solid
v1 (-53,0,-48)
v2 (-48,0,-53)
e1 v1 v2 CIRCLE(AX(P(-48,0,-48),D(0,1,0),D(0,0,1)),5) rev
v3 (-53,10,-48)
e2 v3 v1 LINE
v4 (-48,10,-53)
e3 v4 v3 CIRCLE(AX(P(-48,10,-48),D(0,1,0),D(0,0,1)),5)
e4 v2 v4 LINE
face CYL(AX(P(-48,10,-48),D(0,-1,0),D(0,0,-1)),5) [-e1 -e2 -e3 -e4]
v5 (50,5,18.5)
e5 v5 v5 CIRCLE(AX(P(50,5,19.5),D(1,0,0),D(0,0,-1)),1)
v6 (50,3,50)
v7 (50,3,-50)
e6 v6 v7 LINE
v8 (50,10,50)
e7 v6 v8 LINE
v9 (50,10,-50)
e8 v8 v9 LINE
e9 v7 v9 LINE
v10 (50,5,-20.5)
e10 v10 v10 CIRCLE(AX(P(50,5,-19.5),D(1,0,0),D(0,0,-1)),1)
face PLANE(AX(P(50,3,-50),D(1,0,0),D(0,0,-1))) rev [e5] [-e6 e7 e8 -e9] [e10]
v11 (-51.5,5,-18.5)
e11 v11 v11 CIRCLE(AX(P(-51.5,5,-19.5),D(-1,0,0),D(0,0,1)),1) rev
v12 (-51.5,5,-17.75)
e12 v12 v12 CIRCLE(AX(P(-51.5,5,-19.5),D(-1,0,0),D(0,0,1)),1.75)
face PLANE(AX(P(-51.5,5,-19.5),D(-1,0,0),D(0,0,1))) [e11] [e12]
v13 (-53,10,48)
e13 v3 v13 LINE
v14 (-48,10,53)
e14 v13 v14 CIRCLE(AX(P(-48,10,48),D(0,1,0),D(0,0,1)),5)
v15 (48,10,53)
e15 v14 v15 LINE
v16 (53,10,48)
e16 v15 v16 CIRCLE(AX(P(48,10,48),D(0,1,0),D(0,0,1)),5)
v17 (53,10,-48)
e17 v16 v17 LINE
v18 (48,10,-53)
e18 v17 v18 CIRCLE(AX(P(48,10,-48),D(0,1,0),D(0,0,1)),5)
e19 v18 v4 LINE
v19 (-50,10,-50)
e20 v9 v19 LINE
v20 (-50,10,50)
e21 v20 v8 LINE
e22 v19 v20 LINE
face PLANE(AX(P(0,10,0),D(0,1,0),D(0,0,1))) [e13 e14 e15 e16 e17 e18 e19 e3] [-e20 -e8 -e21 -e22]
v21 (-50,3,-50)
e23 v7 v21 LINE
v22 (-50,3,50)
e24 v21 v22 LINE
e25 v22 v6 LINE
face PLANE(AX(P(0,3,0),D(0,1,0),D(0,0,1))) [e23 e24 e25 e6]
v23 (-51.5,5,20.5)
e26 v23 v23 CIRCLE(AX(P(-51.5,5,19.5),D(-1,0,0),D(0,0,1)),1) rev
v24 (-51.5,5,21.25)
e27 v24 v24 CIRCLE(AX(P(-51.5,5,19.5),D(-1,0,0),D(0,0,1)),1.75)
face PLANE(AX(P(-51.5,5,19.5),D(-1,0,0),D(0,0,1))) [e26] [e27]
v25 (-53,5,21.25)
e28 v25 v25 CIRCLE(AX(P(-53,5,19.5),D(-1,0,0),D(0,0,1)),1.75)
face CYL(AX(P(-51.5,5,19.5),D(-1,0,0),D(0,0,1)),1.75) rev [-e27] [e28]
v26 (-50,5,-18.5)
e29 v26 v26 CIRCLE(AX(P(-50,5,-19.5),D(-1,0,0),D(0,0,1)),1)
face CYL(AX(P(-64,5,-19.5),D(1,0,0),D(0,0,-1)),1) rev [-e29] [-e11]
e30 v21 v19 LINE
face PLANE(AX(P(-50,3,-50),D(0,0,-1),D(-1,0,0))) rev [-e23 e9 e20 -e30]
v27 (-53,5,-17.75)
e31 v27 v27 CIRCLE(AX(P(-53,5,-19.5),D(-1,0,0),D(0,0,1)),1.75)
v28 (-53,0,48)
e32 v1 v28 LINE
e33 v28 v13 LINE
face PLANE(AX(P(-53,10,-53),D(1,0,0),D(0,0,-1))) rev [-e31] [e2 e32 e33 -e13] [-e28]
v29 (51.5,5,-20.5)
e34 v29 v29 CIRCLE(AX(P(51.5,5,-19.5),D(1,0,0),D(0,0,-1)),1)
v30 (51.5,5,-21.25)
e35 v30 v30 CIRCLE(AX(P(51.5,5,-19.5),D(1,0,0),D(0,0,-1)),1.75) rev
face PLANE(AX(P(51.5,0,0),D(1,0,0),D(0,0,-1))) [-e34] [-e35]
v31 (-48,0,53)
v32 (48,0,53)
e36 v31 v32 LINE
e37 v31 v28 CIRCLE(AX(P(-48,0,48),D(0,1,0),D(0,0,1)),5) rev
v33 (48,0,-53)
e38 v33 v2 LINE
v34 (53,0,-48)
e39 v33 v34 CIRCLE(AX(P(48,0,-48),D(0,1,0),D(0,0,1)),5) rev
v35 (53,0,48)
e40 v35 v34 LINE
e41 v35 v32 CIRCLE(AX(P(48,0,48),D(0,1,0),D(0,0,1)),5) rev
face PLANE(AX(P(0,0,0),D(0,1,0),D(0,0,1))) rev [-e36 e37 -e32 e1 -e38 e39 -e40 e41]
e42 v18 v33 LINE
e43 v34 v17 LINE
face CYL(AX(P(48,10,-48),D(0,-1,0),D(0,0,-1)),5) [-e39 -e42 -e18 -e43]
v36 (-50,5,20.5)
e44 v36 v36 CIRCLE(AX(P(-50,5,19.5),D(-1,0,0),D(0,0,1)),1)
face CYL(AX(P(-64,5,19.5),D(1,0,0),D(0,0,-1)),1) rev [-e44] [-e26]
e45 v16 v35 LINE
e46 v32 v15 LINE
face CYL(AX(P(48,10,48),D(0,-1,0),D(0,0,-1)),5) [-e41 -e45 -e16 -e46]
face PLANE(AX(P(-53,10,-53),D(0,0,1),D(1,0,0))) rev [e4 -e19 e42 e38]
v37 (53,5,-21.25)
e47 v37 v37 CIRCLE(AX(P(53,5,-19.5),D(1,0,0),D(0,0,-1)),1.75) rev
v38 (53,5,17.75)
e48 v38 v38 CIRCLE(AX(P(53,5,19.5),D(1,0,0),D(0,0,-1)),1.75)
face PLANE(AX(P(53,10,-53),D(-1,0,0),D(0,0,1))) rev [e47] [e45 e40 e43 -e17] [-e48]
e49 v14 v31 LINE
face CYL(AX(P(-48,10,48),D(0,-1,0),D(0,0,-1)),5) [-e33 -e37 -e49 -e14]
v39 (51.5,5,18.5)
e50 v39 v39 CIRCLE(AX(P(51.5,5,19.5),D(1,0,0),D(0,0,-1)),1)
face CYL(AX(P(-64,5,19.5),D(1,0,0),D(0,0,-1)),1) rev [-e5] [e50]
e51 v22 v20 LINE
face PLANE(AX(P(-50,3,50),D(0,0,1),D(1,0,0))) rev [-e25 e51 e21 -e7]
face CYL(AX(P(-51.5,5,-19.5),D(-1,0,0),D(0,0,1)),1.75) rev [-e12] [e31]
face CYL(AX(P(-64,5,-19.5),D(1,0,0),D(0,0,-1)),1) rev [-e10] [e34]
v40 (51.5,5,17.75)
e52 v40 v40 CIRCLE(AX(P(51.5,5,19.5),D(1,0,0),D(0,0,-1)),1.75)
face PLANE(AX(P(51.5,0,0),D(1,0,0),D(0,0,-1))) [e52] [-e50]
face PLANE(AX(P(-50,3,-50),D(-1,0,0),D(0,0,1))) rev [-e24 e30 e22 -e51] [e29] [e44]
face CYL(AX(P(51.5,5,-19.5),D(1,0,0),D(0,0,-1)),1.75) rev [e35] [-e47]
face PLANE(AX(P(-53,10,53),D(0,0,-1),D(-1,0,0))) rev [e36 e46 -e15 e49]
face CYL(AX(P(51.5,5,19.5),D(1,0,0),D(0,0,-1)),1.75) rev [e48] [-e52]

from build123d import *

# Parameters (mm, degrees)
SKETCH1_W           = 106
SKETCH1_H           = 106
BOSS_EXTRUDE1_DEPTH = 10
SKETCH3_W           = 100
SKETCH3_H           = 100
CUT_EXTRUDE5_DEPTH  = 7
CUT_EXTRUDE9_DEPTH  = 1.5
SKETCH14_R          = 1
CUT_EXTRUDE10_DEPTH = 115.5
CUT_EXTRUDE11_START = -1.5
SKETCH15_R          = 1.75
CUT_EXTRUDE11_DEPTH = 1.5
FILLET1_R           = 5


with BuildPart() as part:
    # Sketch1 → Boss-Extrude1 (new body)
    with BuildSketch(Plane(origin=(0, 0, 0), x_dir=(1, 0, 0), z_dir=(0, 1, 0))):
        Rectangle(SKETCH1_W, SKETCH1_H)
    extrude(amount=BOSS_EXTRUDE1_DEPTH)

    # Sketch3 → Cut-Extrude5 (cut)
    with BuildSketch(Plane(origin=(0, 10, 0), x_dir=(1, 0, 0), z_dir=(0, 1, 0))):
        Rectangle(SKETCH3_W, SKETCH3_H)
    extrude(amount=-CUT_EXTRUDE5_DEPTH, mode=Mode.SUBTRACT)

    # Sketch12 → Cut-Extrude9 (cut)
    with BuildSketch(Plane(origin=(53, 0, 0), x_dir=(0, 0, -1), z_dir=(1, 0, 0))):
        with BuildLine():
            ThreePointArc((-17.75, 5), (-18.262563133, 6.237436867), (-19.5, 6.75))
            Line((-19.5, 6.75), (-19.5, 3.25))
            ThreePointArc((-19.5, 3.25), (-18.262563133, 3.762563133), (-17.75, 5))
        make_face()
        with BuildLine():
            Line((-19.5, 3.25), (-19.5, 6.75))
            ThreePointArc((-19.5, 6.75), (-21.25, 5), (-19.5, 3.25))
        make_face()
        with BuildLine():
            ThreePointArc((21.25, 5), (20.737436867, 6.237436867), (19.5, 6.75))
            Line((19.5, 6.75), (19.5, 3.25))
            ThreePointArc((19.5, 3.25), (20.737436867, 3.762563133), (21.25, 5))
        make_face()
        with BuildLine():
            Line((19.5, 3.25), (19.5, 6.75))
            ThreePointArc((19.5, 6.75), (17.75, 5), (19.5, 3.25))
        make_face()
    extrude(amount=-CUT_EXTRUDE9_DEPTH, mode=Mode.SUBTRACT)

    # Sketch14 → Cut-Extrude10 (cut)
    with BuildSketch(Plane(origin=(51.5, 0, 0), x_dir=(0, 0, -1), z_dir=(1, 0, 0))):
        with Locations((-19.5, 5)):
            Circle(SKETCH14_R)
        with Locations((19.5, 5)):
            Circle(SKETCH14_R)
    extrude(amount=-CUT_EXTRUDE10_DEPTH, mode=Mode.SUBTRACT)

    # Sketch15 → Cut-Extrude11 (cut)
    with BuildSketch(Plane.ZY.offset(53).offset(CUT_EXTRUDE11_START)):
        with Locations(Location((-19.5, 5, 0), (0, 0, 180))):
            Circle(SKETCH15_R)
        with Locations(Location((19.5, 5, 0), (0, 0, 180))):
            Circle(SKETCH15_R)
    extrude(amount=CUT_EXTRUDE11_DEPTH, mode=Mode.SUBTRACT)

    # Fillet1
    fillet1_edges = [part.edges().sort_by_distance(p)[0] for p in [
        (53, 5, 53),
        (-53, 5, 53),
        (-53, 5, -53),
        (53, 5, -53),
    ]]
    fillet(fillet1_edges, radius=FILLET1_R)


solid = part.part
